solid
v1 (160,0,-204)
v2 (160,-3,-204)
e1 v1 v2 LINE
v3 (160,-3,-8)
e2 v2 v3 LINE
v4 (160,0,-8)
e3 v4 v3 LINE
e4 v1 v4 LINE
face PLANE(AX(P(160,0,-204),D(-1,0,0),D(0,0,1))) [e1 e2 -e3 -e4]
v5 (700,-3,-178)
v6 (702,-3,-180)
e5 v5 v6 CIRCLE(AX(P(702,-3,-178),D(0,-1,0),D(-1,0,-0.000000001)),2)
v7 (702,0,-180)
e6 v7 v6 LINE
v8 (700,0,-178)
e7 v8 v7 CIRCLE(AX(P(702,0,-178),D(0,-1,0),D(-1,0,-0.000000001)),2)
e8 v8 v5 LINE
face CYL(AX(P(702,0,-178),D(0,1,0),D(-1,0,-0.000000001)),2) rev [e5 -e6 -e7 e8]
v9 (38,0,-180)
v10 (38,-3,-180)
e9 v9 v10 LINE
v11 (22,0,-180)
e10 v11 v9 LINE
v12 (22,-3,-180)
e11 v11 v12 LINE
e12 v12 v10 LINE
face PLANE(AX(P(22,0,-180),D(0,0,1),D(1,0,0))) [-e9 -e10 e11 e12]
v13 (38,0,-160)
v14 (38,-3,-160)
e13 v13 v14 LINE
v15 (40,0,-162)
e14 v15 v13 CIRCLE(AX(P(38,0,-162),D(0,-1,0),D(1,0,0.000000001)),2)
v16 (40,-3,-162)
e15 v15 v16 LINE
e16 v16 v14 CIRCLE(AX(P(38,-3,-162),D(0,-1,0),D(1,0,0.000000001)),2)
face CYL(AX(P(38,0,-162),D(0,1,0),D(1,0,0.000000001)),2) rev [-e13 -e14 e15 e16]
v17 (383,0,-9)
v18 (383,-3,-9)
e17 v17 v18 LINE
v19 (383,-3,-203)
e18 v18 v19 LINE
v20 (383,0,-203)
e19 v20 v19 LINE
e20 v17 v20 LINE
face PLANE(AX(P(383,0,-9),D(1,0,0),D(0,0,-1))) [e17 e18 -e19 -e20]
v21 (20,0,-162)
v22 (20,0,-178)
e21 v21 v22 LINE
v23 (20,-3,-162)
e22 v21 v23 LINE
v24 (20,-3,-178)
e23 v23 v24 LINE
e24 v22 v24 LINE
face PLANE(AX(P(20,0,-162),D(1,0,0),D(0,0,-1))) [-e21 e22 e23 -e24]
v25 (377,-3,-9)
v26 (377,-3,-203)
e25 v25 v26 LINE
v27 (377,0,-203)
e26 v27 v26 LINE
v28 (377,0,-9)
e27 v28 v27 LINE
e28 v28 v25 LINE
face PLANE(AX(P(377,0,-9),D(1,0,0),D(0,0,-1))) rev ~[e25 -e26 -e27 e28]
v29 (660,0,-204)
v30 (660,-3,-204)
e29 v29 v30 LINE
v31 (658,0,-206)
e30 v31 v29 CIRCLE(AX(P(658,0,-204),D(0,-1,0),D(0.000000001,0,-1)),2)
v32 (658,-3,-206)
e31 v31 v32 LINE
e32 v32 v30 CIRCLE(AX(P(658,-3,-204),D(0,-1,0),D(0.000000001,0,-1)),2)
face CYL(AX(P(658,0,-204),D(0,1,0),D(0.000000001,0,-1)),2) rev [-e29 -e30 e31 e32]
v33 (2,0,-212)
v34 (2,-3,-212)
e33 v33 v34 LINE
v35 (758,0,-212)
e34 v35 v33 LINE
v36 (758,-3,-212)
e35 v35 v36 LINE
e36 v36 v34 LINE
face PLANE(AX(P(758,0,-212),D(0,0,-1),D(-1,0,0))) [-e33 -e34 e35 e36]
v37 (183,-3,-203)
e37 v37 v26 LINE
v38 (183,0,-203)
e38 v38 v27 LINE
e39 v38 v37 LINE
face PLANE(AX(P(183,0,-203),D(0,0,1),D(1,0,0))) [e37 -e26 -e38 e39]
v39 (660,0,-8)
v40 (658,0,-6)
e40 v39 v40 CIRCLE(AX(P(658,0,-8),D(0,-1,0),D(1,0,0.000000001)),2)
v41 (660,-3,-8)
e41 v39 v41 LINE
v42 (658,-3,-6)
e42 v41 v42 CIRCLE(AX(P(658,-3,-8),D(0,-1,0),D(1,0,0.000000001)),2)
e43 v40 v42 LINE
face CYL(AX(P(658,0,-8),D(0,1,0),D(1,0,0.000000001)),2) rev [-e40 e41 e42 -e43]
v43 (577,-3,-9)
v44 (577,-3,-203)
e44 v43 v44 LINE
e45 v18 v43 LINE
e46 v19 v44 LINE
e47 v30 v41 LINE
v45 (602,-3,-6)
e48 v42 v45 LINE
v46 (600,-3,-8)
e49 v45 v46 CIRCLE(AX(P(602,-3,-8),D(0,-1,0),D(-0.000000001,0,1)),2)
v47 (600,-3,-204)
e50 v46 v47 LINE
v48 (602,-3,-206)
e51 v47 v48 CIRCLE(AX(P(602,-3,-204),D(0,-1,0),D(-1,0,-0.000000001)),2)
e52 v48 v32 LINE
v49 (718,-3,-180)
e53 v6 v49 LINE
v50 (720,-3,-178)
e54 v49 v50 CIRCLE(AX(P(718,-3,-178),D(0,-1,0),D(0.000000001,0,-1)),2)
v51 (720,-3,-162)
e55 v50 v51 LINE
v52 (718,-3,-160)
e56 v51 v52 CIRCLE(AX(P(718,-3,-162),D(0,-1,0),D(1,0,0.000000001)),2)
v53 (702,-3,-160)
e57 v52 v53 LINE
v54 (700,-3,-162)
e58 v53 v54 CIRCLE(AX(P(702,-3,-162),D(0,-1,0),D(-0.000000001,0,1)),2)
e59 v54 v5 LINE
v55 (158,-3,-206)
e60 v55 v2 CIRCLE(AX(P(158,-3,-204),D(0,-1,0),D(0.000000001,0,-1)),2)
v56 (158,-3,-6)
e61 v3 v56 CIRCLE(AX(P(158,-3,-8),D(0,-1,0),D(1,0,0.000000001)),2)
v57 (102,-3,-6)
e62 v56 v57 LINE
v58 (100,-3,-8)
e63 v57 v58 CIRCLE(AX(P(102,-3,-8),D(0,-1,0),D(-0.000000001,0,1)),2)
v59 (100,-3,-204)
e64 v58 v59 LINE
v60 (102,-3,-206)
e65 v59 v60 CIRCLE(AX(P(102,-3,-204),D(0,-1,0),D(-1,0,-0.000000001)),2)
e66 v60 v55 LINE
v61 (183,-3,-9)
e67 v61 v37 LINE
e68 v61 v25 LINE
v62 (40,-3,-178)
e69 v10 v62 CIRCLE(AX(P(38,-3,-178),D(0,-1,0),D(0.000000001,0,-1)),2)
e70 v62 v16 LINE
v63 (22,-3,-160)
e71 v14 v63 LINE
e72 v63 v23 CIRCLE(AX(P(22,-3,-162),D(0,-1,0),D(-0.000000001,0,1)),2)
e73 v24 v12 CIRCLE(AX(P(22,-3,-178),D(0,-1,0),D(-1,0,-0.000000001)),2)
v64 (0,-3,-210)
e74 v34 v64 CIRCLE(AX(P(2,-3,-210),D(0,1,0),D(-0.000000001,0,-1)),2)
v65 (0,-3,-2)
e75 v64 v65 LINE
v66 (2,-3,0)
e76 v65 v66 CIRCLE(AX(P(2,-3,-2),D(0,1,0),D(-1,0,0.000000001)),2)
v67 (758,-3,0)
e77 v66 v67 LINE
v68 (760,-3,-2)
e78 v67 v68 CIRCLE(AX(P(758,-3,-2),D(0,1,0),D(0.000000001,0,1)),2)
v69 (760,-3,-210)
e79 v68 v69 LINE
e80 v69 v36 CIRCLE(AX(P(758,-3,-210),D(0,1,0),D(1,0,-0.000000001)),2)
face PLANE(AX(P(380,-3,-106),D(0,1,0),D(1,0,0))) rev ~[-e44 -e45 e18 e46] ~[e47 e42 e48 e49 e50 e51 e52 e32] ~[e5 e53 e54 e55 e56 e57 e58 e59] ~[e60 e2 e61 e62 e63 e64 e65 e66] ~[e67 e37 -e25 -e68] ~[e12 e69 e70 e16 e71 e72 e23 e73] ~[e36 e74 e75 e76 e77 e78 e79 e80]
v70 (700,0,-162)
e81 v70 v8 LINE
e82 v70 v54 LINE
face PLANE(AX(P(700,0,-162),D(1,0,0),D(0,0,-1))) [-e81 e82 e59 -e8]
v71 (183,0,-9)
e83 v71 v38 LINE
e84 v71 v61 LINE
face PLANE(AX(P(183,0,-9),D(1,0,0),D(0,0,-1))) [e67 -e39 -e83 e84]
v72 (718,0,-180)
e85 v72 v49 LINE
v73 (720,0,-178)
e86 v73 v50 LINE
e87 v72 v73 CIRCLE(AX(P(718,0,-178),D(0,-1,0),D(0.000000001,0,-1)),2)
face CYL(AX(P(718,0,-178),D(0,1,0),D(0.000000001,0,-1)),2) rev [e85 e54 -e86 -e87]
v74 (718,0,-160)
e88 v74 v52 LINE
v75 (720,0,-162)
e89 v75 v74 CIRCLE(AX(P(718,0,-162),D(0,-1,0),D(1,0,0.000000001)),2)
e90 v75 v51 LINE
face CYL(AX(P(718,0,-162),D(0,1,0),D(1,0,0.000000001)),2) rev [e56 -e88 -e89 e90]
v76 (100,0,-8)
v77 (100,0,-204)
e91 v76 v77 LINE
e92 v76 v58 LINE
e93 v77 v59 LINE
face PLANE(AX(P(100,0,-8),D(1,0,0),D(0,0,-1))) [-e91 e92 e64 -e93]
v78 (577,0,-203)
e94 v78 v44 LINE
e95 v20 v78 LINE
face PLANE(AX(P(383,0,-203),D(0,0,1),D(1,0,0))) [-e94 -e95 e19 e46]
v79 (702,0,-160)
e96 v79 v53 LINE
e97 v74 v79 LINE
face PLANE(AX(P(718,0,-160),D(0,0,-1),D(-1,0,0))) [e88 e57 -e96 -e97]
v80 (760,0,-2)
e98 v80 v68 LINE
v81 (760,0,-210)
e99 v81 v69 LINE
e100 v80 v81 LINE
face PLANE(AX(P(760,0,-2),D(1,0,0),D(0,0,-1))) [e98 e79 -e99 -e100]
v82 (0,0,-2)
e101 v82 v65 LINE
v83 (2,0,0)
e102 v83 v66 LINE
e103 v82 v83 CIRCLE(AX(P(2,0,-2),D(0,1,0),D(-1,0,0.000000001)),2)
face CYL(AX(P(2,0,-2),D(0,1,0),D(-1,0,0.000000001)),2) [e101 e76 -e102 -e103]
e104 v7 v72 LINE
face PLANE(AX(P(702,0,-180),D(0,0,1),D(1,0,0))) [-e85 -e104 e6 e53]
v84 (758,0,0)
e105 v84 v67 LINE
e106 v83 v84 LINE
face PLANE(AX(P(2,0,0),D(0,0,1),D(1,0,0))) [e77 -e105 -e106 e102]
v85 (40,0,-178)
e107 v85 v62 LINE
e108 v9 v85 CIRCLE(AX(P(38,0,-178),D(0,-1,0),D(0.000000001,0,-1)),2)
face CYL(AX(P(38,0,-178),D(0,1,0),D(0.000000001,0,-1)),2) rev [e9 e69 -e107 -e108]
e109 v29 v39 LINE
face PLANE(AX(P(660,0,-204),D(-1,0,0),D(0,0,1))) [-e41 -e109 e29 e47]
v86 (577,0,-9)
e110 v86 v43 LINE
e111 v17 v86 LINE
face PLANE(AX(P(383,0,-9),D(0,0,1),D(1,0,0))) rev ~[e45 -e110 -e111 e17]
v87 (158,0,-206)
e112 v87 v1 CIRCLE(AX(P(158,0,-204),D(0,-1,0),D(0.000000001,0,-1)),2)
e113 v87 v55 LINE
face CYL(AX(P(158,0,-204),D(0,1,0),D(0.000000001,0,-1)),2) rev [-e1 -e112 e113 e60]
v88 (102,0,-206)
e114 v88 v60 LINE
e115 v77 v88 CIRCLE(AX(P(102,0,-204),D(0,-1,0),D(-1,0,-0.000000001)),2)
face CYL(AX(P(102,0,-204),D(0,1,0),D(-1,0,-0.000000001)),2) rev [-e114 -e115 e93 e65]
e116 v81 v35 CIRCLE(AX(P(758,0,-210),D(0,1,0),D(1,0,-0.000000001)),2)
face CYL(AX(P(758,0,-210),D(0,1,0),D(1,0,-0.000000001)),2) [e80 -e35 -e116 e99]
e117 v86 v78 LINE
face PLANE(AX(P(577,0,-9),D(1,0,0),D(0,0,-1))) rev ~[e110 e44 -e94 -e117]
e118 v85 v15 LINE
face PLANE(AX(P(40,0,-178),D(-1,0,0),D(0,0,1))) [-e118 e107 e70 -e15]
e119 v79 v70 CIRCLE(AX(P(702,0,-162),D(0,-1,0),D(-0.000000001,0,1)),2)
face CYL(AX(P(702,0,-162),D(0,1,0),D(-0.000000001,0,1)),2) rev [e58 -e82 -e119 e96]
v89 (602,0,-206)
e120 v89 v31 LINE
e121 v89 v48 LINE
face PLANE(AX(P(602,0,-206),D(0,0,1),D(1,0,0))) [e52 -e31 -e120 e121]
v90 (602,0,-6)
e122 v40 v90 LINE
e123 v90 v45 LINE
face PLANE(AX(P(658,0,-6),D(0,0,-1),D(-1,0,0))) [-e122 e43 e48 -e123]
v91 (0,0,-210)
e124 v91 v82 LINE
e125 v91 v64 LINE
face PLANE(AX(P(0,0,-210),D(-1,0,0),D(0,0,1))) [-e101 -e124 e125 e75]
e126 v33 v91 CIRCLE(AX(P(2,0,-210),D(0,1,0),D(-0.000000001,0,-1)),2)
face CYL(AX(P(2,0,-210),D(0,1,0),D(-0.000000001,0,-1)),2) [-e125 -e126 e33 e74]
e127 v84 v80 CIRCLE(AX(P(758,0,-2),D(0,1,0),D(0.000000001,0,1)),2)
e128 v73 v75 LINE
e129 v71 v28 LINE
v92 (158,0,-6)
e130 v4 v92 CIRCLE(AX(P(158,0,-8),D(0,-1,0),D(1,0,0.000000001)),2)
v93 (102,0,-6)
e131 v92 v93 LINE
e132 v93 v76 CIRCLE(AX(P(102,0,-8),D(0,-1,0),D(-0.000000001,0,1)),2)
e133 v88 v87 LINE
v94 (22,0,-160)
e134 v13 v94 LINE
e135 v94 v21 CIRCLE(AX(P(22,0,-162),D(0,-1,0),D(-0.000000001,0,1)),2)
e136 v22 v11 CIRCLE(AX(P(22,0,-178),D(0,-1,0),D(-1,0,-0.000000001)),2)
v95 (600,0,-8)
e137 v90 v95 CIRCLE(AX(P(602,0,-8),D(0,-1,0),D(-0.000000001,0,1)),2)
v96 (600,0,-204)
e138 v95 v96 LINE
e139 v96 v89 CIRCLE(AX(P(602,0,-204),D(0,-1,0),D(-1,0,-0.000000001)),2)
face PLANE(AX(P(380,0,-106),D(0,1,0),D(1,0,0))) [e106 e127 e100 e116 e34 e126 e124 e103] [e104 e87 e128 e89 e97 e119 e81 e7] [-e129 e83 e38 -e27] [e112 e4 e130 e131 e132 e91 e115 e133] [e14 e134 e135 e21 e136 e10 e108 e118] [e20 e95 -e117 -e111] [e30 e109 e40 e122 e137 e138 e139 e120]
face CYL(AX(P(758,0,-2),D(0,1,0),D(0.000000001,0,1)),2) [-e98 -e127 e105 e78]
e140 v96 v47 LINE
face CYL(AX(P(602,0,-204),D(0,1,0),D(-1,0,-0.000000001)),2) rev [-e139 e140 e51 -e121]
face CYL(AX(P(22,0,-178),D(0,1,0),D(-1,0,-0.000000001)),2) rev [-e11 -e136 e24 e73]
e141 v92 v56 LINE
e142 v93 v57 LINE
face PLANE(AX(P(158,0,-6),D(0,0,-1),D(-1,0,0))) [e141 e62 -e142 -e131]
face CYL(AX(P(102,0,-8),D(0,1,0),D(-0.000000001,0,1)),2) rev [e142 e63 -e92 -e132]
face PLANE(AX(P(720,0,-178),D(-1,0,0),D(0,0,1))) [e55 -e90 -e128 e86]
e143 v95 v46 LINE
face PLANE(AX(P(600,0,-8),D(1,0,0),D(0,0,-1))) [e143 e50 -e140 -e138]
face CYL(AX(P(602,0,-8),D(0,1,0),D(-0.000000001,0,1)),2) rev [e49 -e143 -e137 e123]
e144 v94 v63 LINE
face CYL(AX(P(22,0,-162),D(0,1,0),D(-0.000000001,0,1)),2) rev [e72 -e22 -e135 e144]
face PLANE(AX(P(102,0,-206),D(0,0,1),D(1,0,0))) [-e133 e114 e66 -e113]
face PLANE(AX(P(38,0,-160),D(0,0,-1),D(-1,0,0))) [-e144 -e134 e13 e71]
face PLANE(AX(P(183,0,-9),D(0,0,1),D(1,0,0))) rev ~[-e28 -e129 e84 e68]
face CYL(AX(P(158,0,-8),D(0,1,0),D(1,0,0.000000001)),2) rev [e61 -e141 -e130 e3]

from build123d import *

# Parameters (mm, degrees)
SKETCH_1_W      = 194
SKETCH_1_H      = 194
EXTRUDE_1_DEPTH = 3


with BuildPart() as part:
    # 草图1 → 凸台-拉伸1 (new body)
    with BuildSketch(Plane(origin=(0, 0, 0), x_dir=(1, 0, 0), z_dir=(0, 1, 0))):
        with BuildLine():
            Line((2, 0), (758, 0))
            ThreePointArc((758, 0), (759.414213562, 0.585786438), (760, 2))
            Line((760, 2), (760, 210))
            ThreePointArc((760, 210), (759.414213562, 211.414213562), (758, 212))
            Line((758, 212), (2, 212))
            ThreePointArc((2, 212), (0.585786438, 211.414213562), (0, 210))
            Line((0, 210), (0, 2))
            ThreePointArc((0, 2), (0.585786438, 0.585786438), (2, 0))
        make_face()
        with Locations((480, 106)):
            Rectangle(SKETCH_1_W, SKETCH_1_H, mode=Mode.SUBTRACT)
        with Locations((280, 106)):
            Rectangle(SKETCH_1_W, SKETCH_1_H, mode=Mode.SUBTRACT)
        with BuildLine():
            Line((658, 6), (602, 6))
            ThreePointArc((602, 6), (600.585786438, 6.585786438), (600, 8))
            Line((600, 8), (600, 204))
            ThreePointArc((600, 204), (600.585786438, 205.414213562), (602, 206))
            Line((602, 206), (658, 206))
            ThreePointArc((658, 206), (659.414213562, 205.414213562), (660, 204))
            Line((660, 204), (660, 8))
            ThreePointArc((660, 8), (659.414213562, 6.585786438), (658, 6))
        make_face(mode=Mode.SUBTRACT)
        with BuildLine():
            Line((158, 6), (102, 6))
            ThreePointArc((102, 6), (100.585786438, 6.585786438), (100, 8))
            Line((100, 8), (100, 204))
            ThreePointArc((100, 204), (100.585786438, 205.414213562), (102, 206))
            Line((102, 206), (158, 206))
            ThreePointArc((158, 206), (159.414213562, 205.414213562), (160, 204))
            Line((160, 204), (160, 8))
            ThreePointArc((160, 8), (159.414213562, 6.585786438), (158, 6))
        make_face(mode=Mode.SUBTRACT)
        with BuildLine():
            Line((718, 160), (702, 160))
            ThreePointArc((702, 160), (700.585786438, 160.585786438), (700, 162))
            Line((700, 162), (700, 178))
            ThreePointArc((700, 178), (700.585786438, 179.414213562), (702, 180))
            Line((702, 180), (718, 180))
            ThreePointArc((718, 180), (719.414213562, 179.414213562), (720, 178))
            Line((720, 178), (720, 162))
            ThreePointArc((720, 162), (719.414213562, 160.585786438), (718, 160))
        make_face(mode=Mode.SUBTRACT)
        with BuildLine():
            Line((38, 160), (22, 160))
            ThreePointArc((22, 160), (20.585786438, 160.585786438), (20, 162))
            Line((20, 162), (20, 178))
            ThreePointArc((20, 178), (20.585786438, 179.414213562), (22, 180))
            Line((22, 180), (38, 180))
            ThreePointArc((38, 180), (39.414213562, 179.414213562), (40, 178))
            Line((40, 178), (40, 162))
            ThreePointArc((40, 162), (39.414213562, 160.585786438), (38, 160))
        make_face(mode=Mode.SUBTRACT)
    extrude(amount=-EXTRUDE_1_DEPTH)


solid = part.part
